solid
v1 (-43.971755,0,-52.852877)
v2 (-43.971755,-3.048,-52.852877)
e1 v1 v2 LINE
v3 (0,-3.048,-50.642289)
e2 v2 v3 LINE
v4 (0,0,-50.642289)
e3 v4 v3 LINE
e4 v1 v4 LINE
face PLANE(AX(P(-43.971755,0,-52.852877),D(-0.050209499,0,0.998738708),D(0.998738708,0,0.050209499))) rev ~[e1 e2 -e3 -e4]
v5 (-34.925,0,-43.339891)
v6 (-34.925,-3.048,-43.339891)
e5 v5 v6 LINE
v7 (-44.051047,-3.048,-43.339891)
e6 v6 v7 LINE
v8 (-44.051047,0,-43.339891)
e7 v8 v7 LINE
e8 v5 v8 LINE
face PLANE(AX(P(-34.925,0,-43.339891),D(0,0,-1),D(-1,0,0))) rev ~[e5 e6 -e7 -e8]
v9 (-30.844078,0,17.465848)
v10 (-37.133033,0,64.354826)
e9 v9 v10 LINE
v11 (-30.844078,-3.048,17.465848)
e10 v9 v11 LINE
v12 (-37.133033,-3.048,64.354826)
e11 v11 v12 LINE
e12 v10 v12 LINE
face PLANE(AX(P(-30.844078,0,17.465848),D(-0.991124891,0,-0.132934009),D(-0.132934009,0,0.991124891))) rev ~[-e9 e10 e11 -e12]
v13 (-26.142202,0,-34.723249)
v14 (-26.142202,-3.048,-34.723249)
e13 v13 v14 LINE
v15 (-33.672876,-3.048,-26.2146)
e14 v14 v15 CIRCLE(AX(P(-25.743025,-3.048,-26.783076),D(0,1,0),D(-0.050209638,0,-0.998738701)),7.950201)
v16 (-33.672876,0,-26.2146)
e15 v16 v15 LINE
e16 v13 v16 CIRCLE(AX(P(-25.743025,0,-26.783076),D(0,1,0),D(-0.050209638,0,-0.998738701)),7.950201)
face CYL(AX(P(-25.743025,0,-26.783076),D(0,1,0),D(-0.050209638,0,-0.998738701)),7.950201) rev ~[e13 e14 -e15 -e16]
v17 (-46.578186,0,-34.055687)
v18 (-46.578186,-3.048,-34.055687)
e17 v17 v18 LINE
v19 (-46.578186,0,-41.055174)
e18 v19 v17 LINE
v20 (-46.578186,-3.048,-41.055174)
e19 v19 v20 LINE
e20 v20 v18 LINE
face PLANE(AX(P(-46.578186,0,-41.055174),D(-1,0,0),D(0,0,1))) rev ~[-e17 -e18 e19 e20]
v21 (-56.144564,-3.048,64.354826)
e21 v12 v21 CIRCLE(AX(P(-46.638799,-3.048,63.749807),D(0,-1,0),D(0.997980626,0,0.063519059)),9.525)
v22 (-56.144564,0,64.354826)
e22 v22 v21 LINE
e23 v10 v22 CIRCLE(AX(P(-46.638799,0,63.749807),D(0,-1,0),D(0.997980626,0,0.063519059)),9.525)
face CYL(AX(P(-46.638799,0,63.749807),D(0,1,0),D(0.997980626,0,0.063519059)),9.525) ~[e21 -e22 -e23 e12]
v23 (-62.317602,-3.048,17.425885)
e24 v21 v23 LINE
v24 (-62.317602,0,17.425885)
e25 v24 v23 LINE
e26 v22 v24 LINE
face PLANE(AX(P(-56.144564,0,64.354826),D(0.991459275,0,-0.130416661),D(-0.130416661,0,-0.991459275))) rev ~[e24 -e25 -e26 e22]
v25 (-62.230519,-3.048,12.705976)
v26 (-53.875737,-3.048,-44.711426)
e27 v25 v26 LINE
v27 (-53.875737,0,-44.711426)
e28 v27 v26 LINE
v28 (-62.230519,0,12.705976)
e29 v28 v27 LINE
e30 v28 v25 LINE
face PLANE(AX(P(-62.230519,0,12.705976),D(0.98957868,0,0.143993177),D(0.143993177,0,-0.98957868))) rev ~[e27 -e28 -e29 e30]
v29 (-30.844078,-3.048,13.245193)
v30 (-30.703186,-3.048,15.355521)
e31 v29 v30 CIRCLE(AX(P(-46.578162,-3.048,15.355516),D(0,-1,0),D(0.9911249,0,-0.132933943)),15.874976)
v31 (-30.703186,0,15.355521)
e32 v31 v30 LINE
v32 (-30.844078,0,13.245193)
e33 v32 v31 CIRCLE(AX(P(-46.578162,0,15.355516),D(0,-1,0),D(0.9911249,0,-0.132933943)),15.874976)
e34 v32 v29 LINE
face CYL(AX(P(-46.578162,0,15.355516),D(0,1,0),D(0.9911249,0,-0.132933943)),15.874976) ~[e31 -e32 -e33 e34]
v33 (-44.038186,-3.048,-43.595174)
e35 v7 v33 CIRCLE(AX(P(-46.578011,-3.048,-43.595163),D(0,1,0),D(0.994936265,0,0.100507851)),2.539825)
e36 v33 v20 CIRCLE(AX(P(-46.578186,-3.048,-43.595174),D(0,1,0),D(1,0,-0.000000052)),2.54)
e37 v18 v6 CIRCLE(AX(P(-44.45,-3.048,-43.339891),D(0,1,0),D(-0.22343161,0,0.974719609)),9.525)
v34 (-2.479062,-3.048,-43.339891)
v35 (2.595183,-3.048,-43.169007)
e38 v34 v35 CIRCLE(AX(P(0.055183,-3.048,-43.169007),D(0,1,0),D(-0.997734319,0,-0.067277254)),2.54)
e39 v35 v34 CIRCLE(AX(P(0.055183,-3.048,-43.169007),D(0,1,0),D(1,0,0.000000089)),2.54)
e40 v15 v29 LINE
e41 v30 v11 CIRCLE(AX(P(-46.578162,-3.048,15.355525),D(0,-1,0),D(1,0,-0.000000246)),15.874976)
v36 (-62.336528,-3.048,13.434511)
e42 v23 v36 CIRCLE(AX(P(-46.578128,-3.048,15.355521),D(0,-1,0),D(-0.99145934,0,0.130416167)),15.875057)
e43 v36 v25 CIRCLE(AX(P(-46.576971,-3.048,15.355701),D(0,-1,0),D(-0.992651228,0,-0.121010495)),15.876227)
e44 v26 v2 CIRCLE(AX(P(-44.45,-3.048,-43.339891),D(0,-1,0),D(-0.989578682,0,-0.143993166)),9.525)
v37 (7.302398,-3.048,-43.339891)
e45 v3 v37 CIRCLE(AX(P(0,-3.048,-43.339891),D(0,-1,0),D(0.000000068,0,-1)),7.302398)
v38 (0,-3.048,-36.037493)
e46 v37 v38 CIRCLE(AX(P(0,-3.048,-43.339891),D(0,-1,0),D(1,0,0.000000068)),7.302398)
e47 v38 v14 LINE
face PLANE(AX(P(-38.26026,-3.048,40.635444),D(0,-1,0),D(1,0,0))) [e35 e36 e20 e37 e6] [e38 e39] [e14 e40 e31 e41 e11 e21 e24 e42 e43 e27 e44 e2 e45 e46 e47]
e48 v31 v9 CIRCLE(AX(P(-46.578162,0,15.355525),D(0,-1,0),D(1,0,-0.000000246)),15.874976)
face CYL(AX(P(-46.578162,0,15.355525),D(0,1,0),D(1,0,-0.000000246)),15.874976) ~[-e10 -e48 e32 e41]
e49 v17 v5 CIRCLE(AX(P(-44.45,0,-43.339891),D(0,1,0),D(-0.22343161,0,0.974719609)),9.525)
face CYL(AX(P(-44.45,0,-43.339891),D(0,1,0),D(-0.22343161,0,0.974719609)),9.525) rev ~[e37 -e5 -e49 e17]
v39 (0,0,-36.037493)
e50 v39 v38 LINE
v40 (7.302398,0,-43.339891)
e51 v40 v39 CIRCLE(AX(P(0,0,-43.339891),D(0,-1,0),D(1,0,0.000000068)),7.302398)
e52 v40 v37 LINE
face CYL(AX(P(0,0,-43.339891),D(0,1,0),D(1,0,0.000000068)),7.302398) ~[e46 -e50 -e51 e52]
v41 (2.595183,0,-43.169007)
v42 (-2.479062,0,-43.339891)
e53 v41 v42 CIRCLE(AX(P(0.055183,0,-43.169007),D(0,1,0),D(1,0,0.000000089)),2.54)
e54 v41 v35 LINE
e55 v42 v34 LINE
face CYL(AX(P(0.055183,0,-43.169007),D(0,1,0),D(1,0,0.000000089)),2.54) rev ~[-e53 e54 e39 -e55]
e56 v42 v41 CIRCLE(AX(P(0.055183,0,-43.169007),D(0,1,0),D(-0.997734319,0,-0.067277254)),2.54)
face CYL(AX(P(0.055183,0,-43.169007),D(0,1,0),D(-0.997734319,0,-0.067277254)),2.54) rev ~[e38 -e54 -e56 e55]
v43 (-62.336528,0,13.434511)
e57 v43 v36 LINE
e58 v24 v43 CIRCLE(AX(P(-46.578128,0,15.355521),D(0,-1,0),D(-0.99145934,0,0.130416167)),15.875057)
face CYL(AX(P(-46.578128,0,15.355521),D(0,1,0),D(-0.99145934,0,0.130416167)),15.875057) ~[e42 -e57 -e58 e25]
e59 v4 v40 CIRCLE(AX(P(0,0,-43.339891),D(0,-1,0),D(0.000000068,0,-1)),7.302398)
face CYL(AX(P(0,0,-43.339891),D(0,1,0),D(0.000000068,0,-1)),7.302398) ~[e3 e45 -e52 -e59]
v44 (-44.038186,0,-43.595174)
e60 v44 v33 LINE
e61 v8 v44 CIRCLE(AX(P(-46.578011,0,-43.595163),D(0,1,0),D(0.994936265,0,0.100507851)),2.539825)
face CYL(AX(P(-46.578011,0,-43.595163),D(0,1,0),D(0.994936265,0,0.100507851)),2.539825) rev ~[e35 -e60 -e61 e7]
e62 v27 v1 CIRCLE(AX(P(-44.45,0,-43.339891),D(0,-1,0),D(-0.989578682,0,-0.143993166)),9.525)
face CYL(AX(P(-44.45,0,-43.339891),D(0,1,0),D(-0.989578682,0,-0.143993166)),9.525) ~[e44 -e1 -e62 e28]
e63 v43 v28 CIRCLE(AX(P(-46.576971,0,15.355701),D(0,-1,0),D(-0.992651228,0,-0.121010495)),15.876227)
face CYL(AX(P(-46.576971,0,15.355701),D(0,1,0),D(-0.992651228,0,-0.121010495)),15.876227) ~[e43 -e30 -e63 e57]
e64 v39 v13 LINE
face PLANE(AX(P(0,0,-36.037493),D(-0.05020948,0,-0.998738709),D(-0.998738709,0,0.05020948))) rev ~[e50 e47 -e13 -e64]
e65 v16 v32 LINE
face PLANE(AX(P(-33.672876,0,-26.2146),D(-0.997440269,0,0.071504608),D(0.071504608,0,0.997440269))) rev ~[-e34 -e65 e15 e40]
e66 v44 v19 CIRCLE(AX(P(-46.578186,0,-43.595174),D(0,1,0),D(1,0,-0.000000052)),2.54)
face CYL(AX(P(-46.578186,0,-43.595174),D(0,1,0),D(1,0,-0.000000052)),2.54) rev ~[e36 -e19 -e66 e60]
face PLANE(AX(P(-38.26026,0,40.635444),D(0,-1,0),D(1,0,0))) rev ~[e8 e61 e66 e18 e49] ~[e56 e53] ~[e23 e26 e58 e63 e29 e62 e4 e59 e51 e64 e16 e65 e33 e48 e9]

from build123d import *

# Parameters (mm, degrees)
F1_DEPTH = 3.048


with BuildPart() as f1:
    # F0 (on Front) → F1 (new body)
    with BuildSketch(Plane.XZ):
        with BuildLine():
            ThreePointArc((-37.113798, 63.749807), (-39.882211, 57.036079), (-46.578186, 54.225))
            Line((-46.578186, 54.225), (-46.578186, 31.230521))
            ThreePointArc((-46.578186, 31.230521), (-36.125574, 27.303681), (-30.844078, 17.465848))
            Line((-30.844078, 17.465848), (-37.133033, 64.354826))
            ThreePointArc((-37.133033, 64.354826), (-37.118608, 64.052469), (-37.113798, 63.749807))
        make_face()
        with BuildLine():
            Line((-46.578186, 31.230521), (-46.578186, 54.225))
            ThreePointArc((-46.578186, 54.225), (-53.563831, 57.209964), (-56.144564, 64.354826))
            Line((-56.144564, 64.354826), (-62.317602, 17.425885))
            ThreePointArc((-62.317602, 17.425885), (-57.04596, 27.2904), (-46.578186, 31.230521))
        make_face()
        with BuildLine():
            ThreePointArc((-56.144564, 64.354826), (-53.563831, 57.209964), (-46.578186, 54.225))
            ThreePointArc((-46.578186, 54.225), (-39.882211, 57.036079), (-37.113798, 63.749807))
            ThreePointArc((-37.113798, 63.749807), (-37.118608, 64.052469), (-37.133033, 64.354826))
            ThreePointArc((-37.133033, 64.354826), (-46.638798, 73.274807), (-56.144564, 64.354826))
        make_face()
        with BuildLine():
            ThreePointArc((-30.844078, 17.465848), (-36.125574, 27.303681), (-46.578186, 31.230521))
            Line((-46.578186, 31.230521), (-46.578186, -0.519479))
            ThreePointArc((-46.578186, -0.519479), (-36.125574, 3.40736), (-30.844078, 13.245193))
            ThreePointArc((-30.844078, 13.245193), (-30.738448, 14.298008), (-30.703186, 15.355521))
            ThreePointArc((-30.703186, 15.355521), (-30.738448, 16.413033), (-30.844078, 17.465848))
        make_face()
        with BuildLine():
            Line((-46.578186, -0.519479), (-46.578186, 31.230521))
            ThreePointArc((-46.578186, 31.230521), (-57.04596, 27.2904), (-62.317602, 17.425885))
            ThreePointArc((-62.317602, 17.425885), (-62.453007, 15.430795), (-62.336528, 13.434511))
            Line((-62.336528, 13.434511), (-62.230519, 12.705976))
            ThreePointArc((-62.230519, 12.705976), (-56.824017, 3.229575), (-46.578186, -0.519479))
        make_face()
        with BuildLine():
            ThreePointArc((-30.844078, 13.245193), (-36.125574, 3.40736), (-46.578186, -0.519479))
            Line((-46.578186, -0.519479), (-46.578186, -34.055687))
            ThreePointArc((-46.578186, -34.055687), (-38.514739, -35.890173), (-34.925, -43.339891))
            Line((-34.925, -43.339891), (-7.302398, -43.339891))
            ThreePointArc((-7.302398, -43.339891), (-5.163575, -38.176316), (0, -36.037493))
            Line((0, -36.037493), (-26.142202, -34.723249))
            ThreePointArc((-26.142202, -34.723249), (-31.696382, -32.052159), (-33.672876, -26.2146))
            Line((-33.672876, -26.2146), (-30.844078, 13.245193))
        make_face()
        with BuildLine():
            Line((-46.578186, -34.055687), (-46.578186, -0.519479))
            ThreePointArc((-46.578186, -0.519479), (-56.824017, 3.229575), (-62.230519, 12.705976))
            Line((-62.230519, 12.705976), (-53.875737, -44.711426))
            ThreePointArc((-53.875737, -44.711426), (-52.30872, -37.957871), (-46.578186, -34.055687))
        make_face()
        with BuildLine():
            Line((-46.578186, -41.055174), (-46.578186, -34.055687))
            ThreePointArc((-46.578186, -34.055687), (-52.30872, -37.957871), (-53.875737, -44.711426))
            ThreePointArc((-53.875737, -44.711426), (-50.498571, -50.697908), (-43.971755, -52.852877))
            ThreePointArc((-43.971755, -52.852877), (-37.547794, -49.90382), (-34.925, -43.339891))
            Line((-34.925, -43.339891), (-44.051047, -43.339891))
            ThreePointArc((-44.051047, -43.339891), (-44.041403, -43.467371), (-44.038186, -43.595174))
            ThreePointArc((-44.038186, -43.595174), (-48.374237, -45.391225), (-46.578186, -41.055174))
        make_face()
        with BuildLine():
            ThreePointArc((-62.336528, 13.434511), (-62.287747, 13.069629), (-62.230519, 12.705976))
            Line((-62.230519, 12.705976), (-62.336528, 13.434511))
        make_face()
        with BuildLine():
            Line((-7.302398, -43.339891), (-34.925, -43.339891))
            ThreePointArc((-34.925, -43.339891), (-37.547794, -49.90382), (-43.971755, -52.852877))
            Line((-43.971755, -52.852877), (0, -50.642289))
            ThreePointArc((0, -50.642289), (-5.163575, -48.503466), (-7.302398, -43.339891))
        make_face()
        with BuildLine():
            ThreePointArc((2.595183, -43.169007), (-0.030308, -40.630446), (-2.479062, -43.339891))
            ThreePointArc((-2.479062, -43.339891), (0.140674, -45.707568), (2.595183, -43.169007))
        make_face()
        with BuildLine():
            ThreePointArc((0, -36.037493), (-5.163575, -38.176316), (-7.302398, -43.339891))
            ThreePointArc((-7.302398, -43.339891), (-5.163575, -48.503466), (0, -50.642289))
            ThreePointArc((0, -50.642289), (5.163575, -48.503466), (7.302398, -43.339891))
            ThreePointArc((7.302398, -43.339891), (5.163575, -38.176316), (0, -36.037493))
        make_face()
        with BuildLine():
            ThreePointArc((2.595183, -43.169007), (0.140674, -45.707568), (-2.479062, -43.339891))
            ThreePointArc((-2.479062, -43.339891), (-0.030308, -40.630446), (2.595183, -43.169007))
        make_face(mode=Mode.SUBTRACT)
    extrude(amount=F1_DEPTH)


solid = f1.part
